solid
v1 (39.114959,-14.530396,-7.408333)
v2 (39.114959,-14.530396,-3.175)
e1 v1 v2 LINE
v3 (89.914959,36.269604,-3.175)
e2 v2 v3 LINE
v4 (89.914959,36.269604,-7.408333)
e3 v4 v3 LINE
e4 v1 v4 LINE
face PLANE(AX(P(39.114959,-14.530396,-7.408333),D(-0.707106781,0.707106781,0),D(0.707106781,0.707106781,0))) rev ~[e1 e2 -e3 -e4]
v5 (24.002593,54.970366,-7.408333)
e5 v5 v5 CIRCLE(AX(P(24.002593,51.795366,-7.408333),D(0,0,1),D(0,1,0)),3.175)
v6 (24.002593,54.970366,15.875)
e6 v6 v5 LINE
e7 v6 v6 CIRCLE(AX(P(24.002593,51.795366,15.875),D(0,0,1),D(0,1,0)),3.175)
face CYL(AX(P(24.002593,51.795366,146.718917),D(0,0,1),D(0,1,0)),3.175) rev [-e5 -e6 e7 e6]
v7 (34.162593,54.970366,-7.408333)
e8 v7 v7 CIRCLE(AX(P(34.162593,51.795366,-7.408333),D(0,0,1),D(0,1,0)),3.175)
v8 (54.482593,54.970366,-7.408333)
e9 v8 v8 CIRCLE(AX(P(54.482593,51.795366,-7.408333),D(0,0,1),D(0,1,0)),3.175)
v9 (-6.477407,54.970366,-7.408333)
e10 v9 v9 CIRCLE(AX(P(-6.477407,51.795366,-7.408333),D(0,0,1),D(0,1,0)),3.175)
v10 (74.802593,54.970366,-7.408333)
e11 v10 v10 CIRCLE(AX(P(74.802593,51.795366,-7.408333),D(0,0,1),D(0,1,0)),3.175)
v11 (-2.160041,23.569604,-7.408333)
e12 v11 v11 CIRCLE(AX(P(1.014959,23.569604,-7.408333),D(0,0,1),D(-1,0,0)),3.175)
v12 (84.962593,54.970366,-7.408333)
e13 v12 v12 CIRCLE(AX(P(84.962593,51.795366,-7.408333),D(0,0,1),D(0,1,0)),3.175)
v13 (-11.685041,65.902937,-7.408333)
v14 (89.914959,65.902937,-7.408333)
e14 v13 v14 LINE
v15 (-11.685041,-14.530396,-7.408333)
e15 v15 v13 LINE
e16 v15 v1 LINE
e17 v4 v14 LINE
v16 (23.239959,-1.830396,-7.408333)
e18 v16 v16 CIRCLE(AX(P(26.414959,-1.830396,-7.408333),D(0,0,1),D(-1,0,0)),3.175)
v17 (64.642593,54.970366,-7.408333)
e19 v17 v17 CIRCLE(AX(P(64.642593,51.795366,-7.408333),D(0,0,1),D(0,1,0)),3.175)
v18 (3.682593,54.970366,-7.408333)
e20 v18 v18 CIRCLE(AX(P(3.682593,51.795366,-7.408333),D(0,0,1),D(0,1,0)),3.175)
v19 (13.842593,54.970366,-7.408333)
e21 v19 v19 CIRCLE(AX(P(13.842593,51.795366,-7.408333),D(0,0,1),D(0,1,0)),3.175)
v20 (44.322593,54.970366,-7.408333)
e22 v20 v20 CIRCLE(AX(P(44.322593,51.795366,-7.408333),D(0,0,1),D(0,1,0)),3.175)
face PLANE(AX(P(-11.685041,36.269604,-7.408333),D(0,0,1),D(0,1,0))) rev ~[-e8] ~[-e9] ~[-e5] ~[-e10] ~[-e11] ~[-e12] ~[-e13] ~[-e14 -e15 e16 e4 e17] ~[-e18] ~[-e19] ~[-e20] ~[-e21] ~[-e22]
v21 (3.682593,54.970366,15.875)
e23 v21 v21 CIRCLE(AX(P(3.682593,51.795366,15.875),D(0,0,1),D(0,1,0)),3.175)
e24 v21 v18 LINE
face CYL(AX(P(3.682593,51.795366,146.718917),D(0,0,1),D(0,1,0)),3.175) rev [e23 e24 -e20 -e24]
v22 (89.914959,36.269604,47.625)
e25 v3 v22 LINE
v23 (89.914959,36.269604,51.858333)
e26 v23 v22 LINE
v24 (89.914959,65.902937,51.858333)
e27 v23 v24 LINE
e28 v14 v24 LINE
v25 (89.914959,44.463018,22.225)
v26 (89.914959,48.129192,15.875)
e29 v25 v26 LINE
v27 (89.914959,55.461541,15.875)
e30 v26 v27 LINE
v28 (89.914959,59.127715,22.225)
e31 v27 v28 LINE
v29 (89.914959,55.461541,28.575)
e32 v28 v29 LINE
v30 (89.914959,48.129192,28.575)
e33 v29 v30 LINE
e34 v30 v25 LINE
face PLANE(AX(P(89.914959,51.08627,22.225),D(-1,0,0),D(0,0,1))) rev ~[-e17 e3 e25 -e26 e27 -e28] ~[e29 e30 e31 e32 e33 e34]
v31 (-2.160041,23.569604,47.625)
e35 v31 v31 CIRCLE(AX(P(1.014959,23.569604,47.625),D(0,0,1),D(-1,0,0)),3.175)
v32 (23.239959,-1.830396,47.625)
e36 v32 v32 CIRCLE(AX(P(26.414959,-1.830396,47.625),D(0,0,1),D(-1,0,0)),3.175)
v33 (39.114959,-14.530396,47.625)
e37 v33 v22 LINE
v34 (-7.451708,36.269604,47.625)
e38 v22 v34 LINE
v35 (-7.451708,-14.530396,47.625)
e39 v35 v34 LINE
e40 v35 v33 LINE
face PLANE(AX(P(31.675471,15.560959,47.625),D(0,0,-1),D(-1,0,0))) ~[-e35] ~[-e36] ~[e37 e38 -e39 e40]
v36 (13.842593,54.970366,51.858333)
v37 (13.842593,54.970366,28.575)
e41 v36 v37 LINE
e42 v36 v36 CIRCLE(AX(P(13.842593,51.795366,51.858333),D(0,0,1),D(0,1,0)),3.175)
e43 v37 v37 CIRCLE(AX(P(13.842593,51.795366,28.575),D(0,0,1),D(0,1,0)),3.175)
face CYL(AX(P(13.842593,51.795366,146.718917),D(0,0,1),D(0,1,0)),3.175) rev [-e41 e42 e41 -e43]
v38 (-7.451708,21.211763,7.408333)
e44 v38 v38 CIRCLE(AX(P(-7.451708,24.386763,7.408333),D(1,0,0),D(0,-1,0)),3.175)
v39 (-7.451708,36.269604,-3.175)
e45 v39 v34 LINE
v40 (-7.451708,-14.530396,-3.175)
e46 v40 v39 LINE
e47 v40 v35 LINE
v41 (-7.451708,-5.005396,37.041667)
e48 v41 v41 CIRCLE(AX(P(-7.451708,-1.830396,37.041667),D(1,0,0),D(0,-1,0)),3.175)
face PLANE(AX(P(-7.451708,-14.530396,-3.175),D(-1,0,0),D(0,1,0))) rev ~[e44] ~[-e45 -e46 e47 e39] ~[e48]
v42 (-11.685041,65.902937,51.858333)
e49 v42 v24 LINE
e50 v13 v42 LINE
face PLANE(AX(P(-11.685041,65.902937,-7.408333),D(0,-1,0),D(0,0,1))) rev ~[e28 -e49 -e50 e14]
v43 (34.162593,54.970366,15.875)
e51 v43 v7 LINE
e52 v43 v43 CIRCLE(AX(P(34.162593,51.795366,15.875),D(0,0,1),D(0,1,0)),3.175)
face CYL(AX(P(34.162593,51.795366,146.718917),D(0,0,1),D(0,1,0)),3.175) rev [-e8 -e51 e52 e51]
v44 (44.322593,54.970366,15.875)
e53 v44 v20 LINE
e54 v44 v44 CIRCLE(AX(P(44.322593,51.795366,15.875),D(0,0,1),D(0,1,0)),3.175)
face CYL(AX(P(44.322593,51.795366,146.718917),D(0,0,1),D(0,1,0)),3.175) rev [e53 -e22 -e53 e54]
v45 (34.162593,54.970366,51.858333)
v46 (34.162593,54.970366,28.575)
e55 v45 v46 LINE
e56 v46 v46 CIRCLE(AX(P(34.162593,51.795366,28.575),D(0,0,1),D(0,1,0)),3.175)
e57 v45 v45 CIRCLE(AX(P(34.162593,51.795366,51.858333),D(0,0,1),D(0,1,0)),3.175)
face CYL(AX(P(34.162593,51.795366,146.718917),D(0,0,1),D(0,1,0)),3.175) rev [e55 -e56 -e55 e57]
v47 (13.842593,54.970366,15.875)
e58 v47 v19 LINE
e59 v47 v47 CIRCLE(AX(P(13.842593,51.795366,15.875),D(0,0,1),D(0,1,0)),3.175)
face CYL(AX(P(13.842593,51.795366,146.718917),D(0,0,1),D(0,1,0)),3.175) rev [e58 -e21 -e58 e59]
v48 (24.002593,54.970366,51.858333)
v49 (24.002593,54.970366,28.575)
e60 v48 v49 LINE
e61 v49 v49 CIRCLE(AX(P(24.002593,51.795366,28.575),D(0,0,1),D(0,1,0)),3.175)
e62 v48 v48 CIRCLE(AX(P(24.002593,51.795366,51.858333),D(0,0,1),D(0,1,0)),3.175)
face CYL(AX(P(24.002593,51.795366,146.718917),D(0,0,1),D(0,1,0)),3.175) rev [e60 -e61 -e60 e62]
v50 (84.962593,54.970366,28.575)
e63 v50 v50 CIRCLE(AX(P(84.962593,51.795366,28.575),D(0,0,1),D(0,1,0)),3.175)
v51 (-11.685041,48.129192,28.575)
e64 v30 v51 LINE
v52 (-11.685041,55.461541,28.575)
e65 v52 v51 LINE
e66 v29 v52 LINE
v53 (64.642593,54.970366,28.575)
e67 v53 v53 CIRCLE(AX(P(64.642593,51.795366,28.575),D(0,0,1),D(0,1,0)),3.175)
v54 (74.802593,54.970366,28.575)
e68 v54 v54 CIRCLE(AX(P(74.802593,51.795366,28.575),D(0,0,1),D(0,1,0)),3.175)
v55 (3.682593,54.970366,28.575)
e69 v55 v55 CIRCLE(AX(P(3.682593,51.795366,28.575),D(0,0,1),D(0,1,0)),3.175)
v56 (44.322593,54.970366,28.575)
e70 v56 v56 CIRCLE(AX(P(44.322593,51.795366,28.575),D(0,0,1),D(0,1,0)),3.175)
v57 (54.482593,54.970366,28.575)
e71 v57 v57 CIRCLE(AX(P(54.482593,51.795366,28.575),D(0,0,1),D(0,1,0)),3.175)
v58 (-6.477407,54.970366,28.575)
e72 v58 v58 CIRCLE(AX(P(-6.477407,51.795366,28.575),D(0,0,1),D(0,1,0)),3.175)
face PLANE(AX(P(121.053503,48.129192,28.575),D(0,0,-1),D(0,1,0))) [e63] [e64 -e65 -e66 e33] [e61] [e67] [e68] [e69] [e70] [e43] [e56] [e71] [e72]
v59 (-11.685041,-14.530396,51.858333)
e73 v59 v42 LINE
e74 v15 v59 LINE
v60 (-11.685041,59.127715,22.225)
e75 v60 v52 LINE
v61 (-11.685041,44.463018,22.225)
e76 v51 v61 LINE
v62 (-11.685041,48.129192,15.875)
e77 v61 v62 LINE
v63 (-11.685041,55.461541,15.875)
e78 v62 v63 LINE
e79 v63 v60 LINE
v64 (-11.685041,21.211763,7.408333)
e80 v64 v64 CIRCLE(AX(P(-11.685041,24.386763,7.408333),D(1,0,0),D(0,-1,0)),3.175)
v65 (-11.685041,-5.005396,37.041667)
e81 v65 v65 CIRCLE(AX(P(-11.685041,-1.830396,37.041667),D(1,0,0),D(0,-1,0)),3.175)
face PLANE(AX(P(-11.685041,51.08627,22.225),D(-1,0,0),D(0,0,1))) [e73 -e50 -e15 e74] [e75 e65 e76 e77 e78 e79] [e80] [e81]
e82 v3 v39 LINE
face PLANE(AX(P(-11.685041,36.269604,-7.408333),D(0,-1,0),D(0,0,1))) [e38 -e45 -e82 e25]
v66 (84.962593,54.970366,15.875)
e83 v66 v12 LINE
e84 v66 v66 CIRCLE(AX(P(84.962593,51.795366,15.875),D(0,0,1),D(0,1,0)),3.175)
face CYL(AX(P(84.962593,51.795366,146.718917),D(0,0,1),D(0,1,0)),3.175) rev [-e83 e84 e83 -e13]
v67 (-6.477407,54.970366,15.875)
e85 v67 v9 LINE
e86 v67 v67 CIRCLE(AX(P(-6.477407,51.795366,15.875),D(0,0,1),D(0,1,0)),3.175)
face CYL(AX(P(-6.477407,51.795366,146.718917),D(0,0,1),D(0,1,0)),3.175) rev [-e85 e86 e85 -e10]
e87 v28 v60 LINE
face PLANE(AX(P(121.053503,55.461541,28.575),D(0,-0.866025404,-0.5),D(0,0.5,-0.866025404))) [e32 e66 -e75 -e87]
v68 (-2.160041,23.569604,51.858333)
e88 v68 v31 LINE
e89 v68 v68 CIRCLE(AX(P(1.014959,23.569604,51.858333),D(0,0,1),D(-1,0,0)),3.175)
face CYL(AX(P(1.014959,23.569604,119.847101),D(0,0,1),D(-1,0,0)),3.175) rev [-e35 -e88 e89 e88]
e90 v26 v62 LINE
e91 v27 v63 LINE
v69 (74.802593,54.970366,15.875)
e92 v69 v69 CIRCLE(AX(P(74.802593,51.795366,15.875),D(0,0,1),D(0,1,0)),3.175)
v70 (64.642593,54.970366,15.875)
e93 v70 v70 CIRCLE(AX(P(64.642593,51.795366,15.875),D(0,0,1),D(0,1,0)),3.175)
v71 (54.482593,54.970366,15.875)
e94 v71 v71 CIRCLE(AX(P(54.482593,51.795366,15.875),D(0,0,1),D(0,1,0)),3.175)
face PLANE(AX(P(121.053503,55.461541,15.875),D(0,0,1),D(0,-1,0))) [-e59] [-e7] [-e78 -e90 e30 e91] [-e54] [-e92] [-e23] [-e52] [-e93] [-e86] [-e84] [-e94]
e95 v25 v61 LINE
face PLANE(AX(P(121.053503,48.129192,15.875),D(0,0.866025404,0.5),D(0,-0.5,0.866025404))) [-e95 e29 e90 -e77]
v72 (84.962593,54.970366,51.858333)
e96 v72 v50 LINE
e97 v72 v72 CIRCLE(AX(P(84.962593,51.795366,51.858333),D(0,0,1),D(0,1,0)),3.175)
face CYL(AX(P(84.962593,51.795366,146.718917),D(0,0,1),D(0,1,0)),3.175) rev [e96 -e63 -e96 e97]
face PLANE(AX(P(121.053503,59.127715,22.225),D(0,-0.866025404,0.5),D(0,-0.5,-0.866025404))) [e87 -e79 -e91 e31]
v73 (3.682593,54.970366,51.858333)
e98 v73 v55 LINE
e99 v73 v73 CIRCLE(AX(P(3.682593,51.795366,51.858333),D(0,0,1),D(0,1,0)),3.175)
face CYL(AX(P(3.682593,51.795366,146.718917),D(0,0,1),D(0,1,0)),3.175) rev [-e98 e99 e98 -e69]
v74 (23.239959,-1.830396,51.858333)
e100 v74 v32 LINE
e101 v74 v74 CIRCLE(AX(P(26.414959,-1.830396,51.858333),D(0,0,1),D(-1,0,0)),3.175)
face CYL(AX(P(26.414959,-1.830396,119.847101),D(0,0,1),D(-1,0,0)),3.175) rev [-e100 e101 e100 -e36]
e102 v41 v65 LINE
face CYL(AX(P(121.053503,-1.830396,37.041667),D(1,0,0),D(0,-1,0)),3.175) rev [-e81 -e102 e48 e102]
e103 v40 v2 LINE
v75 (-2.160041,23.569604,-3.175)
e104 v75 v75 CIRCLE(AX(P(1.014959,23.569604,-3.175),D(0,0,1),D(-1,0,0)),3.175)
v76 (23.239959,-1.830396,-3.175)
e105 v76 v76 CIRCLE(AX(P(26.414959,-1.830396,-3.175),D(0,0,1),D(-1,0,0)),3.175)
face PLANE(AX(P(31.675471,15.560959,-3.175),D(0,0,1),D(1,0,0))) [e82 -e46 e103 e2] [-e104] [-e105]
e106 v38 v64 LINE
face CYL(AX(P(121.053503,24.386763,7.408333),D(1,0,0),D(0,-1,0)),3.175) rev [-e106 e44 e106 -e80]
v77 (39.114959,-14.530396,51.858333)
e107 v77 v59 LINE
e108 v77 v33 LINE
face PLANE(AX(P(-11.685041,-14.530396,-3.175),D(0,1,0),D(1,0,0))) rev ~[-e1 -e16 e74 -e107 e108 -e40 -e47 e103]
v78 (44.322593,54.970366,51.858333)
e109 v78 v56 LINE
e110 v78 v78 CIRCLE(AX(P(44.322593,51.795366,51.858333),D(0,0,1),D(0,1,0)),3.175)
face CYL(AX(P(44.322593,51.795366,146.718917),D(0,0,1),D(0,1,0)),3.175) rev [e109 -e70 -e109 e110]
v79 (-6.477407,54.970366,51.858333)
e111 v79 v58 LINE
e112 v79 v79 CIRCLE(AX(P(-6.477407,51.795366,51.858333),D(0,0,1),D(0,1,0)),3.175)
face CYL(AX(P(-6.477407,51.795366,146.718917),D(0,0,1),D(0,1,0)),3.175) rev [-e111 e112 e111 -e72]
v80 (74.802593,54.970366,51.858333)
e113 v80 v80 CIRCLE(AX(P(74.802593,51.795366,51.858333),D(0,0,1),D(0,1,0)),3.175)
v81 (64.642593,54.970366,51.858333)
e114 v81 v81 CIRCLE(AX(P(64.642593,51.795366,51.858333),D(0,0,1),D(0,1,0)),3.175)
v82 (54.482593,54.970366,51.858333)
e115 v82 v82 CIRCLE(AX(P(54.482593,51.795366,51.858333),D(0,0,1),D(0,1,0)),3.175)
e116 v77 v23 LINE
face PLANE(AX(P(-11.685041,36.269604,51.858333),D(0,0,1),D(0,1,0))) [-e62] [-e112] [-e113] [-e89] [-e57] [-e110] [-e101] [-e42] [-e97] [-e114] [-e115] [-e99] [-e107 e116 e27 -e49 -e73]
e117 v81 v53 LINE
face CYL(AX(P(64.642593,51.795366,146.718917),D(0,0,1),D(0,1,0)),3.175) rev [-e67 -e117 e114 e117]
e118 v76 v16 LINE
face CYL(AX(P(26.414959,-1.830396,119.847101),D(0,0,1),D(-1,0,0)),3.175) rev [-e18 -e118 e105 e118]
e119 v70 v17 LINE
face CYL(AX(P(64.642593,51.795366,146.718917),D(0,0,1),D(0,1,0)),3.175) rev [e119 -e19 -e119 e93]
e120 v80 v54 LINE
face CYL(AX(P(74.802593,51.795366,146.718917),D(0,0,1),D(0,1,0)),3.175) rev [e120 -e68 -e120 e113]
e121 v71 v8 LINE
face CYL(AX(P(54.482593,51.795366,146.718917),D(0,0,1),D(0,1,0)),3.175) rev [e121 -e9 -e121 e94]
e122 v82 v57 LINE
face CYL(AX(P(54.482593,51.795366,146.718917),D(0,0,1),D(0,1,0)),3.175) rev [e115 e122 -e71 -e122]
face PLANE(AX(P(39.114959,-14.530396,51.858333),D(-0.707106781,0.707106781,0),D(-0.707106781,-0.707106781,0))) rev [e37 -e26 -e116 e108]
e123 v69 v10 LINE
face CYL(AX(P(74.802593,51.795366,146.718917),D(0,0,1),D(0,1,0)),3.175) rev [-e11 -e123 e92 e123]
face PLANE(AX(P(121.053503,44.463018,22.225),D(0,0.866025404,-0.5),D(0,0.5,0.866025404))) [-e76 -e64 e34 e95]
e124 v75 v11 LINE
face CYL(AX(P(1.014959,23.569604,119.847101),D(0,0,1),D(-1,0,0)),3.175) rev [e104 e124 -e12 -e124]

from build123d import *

# Parameters (mm, degrees)
BOSS_EXTRUDE1_DEPTH     = 3.175
SKETCH2_W               = 3.175
SKETCH2_H               = 38.1
BOSS_EXTRUDE2_DEPTH     = 41.275
SKETCH3_W               = 44.45
SKETCH3_H               = 22.225
BOSS_EXTRUDE3_DEPTH     = 76.2
SCALE1_SCALE            = 1.333333333
CUT_EXTRUDE2_DEPTH      = 132.738543571
CUT_EXTRUDE2_DEPTH_BACK = 132.738543571
CUT_EXTRUDE3_DEPTH      = 127.255434571
CUT_EXTRUDE3_DEPTH_BACK = 127.255434571
SKETCH6_R               = 3.175
CUT_EXTRUDE4_DEPTH      = 132.738543571
CUT_EXTRUDE4_DEPTH_BACK = 132.738543571
SKETCH7_R               = 3.175
CUT_EXTRUDE5_DEPTH      = 118.143916866
CUT_EXTRUDE5_DEPTH_BACK = 118.143916866
SKETCH8_R               = 3.175


with BuildPart() as part:
    # Sketch1 → Boss-Extrude1 (new body)
    with BuildSketch(Plane.XY):
        Polygon((0, 0), (38.1, 0), (76.2, 38.1), (0, 38.1), align=None)
    boss_extrude1 = extrude(amount=BOSS_EXTRUDE1_DEPTH)

    # Sketch2 → Boss-Extrude2 (add)
    with BuildSketch(Plane.XY.offset(3.175)):
        with Locations((1.5875, 19.05)):
            Rectangle(SKETCH2_W, SKETCH2_H)
    extrude(amount=BOSS_EXTRUDE2_DEPTH)

    # Mirror1: Boss-Extrude1 across plane
    add(boss_extrude1.mirror(Plane.XY.offset(22.225)))

    # Sketch3 → Boss-Extrude3 (add)
    with BuildSketch(Plane.ZY):
        with Locations((22.225, 49.2125)):
            Rectangle(SKETCH3_W, SKETCH3_H)
    extrude(amount=-BOSS_EXTRUDE3_DEPTH)


with BuildPart() as part_1:
    # Scale1: scaled about (35.055122951, 43.591188525, 22.225)
    add(part.part.scale(SCALE1_SCALE).moved(Location((-11.685040984, -14.530396175, -7.408333333))))

    # Sketch5 → Cut-Extrude2 (cut, two sides: drawn at the far end of the back side and taken through both)
    with BuildSketch(Plane.ZY.offset(11.685040984).offset(-CUT_EXTRUDE2_DEPTH_BACK)):
        Polygon((28.575, 55.461540547), (22.225, 59.127714756), (15.875, 55.461540547), (15.875, 48.129192128), (22.225, 44.463017919), (28.575, 48.129192128), align=None)
    extrude(amount=CUT_EXTRUDE2_DEPTH + CUT_EXTRUDE2_DEPTH_BACK, mode=Mode.SUBTRACT)

    # Sketch6 → Cut-Extrude3 (cut, two sides: drawn at the far end of the back side and taken through both)
    with BuildSketch(Plane(origin=(0, 0, -7.408333333), x_dir=(-1, 0, 0), z_dir=(0, 0, -1)).offset(-CUT_EXTRUDE3_DEPTH_BACK)):
        with Locations((-1.014959016, 23.569603825)):
            Circle(SKETCH6_R)
        with Locations((-26.414959016, -1.830396175)):
            Circle(SKETCH6_R)
    extrude(amount=CUT_EXTRUDE3_DEPTH + CUT_EXTRUDE3_DEPTH_BACK, mode=Mode.SUBTRACT)

    # Sketch7 → Cut-Extrude4 (cut, two sides: drawn at the far end of the back side and taken through both)
    with BuildSketch(Plane.ZY.offset(11.685040984).offset(-CUT_EXTRUDE4_DEPTH_BACK)):
        with Locations(Location((7.408333333, 24.386762915, 0), (0, 0, 270))):
            Circle(SKETCH7_R)
        with Locations(Location((37.041666667, -1.830396175, 0), (0, 0, 270))):
            Circle(SKETCH7_R)
    extrude(amount=CUT_EXTRUDE4_DEPTH + CUT_EXTRUDE4_DEPTH_BACK, mode=Mode.SUBTRACT)

    # Sketch8 → Cut-Extrude5 (cut, two sides: drawn at the far end of the back side and taken through both)
    with BuildSketch(Plane(origin=(0, 0, 28.575), x_dir=(-1, 0, 0), z_dir=(0, 0, -1)).offset(-CUT_EXTRUDE5_DEPTH_BACK)):
        with Locations(Location((-84.962592617, 51.795366338, 0), (0, 0, 90))):
            Circle(SKETCH8_R)
        with Locations(Location((-74.802592617, 51.795366338, 0), (0, 0, 90))):
            Circle(SKETCH8_R)
        with Locations(Location((-64.642592617, 51.795366338, 0), (0, 0, 90))):
            Circle(SKETCH8_R)
        with Locations(Location((-54.482592617, 51.795366338, 0), (0, 0, 90))):
            Circle(SKETCH8_R)
        with Locations(Location((-44.322592617, 51.795366338, 0), (0, 0, 90))):
            Circle(SKETCH8_R)
        with Locations(Location((-34.162592617, 51.795366338, 0), (0, 0, 90))):
            Circle(SKETCH8_R)
        with Locations(Location((-24.002592617, 51.795366338, 0), (0, 0, 90))):
            Circle(SKETCH8_R)
        with Locations(Location((-13.842592617, 51.795366338, 0), (0, 0, 90))):
            Circle(SKETCH8_R)
        with Locations(Location((-3.682592617, 51.795366338, 0), (0, 0, 90))):
            Circle(SKETCH8_R)
        with Locations(Location((6.477407383, 51.795366338, 0), (0, 0, 90))):
            Circle(SKETCH8_R)
    extrude(amount=CUT_EXTRUDE5_DEPTH + CUT_EXTRUDE5_DEPTH_BACK, mode=Mode.SUBTRACT)


solid = part_1.part
